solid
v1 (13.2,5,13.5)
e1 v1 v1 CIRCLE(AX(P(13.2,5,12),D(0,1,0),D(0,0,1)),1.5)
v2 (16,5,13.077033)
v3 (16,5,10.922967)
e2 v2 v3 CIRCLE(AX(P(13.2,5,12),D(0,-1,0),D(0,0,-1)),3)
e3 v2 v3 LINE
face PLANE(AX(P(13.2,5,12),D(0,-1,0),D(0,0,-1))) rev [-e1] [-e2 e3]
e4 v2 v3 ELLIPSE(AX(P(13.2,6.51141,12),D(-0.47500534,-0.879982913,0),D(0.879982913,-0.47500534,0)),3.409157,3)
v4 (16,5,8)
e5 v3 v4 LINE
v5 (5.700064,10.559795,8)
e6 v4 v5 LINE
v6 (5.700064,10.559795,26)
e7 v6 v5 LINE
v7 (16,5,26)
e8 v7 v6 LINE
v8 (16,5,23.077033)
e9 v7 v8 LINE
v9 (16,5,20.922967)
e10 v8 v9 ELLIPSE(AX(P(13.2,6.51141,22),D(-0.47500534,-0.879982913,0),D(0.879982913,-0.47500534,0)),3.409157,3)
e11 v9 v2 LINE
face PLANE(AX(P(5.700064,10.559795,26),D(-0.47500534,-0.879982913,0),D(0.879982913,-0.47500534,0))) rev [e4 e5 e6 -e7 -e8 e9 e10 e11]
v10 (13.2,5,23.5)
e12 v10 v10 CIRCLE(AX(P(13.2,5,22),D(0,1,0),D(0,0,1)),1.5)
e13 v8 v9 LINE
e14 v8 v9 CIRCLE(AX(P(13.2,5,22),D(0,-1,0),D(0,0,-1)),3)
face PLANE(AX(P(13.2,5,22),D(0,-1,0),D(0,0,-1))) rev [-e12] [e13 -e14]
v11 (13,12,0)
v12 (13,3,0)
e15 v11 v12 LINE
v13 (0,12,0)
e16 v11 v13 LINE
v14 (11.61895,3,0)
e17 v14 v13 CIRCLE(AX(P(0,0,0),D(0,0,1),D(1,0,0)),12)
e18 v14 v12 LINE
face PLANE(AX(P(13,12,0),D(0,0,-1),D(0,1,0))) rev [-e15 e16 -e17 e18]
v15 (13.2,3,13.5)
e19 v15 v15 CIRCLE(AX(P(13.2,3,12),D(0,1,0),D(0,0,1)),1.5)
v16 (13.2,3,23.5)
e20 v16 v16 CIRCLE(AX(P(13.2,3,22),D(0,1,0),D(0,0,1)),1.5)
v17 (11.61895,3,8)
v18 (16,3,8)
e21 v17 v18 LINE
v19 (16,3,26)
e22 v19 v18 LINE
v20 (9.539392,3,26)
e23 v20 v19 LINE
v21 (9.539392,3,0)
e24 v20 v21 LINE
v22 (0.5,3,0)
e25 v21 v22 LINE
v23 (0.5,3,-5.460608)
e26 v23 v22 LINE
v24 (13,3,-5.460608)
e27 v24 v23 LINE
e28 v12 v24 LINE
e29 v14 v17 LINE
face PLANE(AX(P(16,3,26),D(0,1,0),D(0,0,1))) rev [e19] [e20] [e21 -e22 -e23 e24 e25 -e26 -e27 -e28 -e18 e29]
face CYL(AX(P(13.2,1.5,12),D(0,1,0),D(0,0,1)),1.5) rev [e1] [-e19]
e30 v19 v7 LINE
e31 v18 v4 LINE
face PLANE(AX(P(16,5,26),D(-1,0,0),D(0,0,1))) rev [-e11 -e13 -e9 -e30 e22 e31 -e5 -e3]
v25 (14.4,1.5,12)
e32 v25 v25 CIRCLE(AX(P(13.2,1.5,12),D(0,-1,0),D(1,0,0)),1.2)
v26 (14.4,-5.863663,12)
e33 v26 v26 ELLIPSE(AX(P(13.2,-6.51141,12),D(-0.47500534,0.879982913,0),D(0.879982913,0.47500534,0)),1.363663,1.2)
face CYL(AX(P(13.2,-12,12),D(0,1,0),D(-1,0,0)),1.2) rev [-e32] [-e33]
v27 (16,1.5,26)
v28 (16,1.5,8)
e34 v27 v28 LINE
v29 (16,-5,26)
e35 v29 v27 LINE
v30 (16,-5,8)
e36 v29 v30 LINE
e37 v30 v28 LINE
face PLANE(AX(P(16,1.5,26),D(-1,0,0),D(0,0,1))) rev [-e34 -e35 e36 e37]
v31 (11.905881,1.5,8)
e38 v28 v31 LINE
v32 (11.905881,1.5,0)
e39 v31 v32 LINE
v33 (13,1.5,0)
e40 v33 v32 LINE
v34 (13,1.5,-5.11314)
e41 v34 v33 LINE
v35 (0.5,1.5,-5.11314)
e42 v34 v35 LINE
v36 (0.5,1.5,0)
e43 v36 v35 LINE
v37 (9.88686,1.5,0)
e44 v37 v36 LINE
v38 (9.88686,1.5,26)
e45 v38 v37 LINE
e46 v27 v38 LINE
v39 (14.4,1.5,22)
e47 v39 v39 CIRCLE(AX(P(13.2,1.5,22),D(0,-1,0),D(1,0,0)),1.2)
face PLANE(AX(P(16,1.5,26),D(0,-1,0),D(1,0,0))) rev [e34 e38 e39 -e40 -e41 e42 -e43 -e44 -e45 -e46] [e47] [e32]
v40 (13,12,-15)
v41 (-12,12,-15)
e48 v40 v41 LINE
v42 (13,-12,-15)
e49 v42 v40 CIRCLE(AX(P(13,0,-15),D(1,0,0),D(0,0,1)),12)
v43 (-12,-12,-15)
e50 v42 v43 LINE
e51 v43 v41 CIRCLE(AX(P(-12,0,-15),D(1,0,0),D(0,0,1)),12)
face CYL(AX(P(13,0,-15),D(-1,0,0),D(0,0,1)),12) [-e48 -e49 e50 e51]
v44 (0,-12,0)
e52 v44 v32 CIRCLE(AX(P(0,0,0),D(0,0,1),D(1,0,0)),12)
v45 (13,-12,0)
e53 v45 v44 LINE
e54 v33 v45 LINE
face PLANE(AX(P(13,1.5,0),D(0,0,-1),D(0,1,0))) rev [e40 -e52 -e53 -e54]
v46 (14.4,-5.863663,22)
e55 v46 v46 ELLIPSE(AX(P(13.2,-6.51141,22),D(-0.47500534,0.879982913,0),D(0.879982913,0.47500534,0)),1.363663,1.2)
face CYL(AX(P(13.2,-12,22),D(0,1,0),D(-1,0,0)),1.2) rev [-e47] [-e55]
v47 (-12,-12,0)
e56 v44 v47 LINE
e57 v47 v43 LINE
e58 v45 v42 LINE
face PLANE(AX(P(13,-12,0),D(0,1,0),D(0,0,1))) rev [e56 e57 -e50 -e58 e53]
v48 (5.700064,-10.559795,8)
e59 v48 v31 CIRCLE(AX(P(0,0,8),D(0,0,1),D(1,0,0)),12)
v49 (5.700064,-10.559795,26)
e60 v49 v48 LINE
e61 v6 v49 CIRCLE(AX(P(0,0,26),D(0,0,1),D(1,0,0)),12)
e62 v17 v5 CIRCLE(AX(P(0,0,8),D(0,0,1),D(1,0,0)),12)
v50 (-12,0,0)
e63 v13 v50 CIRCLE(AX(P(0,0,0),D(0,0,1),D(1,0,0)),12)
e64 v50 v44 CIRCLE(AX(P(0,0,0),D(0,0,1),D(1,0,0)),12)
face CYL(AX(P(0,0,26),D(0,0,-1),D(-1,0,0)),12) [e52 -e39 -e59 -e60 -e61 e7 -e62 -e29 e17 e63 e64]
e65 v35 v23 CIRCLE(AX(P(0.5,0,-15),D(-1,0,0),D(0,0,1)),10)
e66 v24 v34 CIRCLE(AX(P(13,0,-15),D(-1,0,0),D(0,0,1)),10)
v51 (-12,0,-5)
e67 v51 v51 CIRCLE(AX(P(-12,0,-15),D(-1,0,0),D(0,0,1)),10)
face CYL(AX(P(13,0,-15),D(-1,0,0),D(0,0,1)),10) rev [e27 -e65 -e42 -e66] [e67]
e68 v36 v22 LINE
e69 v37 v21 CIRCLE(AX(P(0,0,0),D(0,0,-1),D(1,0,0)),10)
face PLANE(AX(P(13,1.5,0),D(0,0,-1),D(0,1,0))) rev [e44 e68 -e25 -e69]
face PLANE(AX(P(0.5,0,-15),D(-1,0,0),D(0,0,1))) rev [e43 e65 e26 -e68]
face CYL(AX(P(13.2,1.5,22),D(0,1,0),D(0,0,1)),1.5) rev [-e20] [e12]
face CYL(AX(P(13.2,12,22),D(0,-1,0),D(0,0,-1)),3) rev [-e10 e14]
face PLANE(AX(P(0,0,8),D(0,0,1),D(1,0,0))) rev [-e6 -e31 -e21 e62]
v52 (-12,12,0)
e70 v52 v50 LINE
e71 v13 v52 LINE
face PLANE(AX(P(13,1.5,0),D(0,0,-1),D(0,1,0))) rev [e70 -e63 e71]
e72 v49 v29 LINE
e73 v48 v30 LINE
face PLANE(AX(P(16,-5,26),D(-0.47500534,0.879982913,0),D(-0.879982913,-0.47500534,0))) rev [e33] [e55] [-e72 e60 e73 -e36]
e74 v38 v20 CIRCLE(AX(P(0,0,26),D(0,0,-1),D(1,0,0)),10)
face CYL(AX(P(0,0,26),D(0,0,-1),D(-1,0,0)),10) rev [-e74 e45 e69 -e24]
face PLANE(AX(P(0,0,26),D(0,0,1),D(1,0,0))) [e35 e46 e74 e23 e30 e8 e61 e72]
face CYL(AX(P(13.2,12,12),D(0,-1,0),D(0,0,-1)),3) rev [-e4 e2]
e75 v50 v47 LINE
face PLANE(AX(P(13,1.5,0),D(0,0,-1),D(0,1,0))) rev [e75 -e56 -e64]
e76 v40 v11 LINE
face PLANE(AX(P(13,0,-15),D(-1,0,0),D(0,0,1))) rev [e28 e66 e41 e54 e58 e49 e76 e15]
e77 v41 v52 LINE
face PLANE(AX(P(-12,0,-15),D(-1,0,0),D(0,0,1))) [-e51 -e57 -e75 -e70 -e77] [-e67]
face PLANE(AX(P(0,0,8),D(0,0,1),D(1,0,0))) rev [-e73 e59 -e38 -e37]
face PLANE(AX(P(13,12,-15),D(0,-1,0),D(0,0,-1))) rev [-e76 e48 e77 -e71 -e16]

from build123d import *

# Parameters (mm, degrees)
BOSS_EXTRU_1_DEPTH           = 26
BOSS_EXTRU_4_DEPTH           = 25
ESQUISSE5_R                  = 17.691806013
ESQUISSE5_R_2                = 12
ENL_V_MAT_EXTRU_2_DEPTH      = 8
ENL_V_START                  = -2
ESQUISSE6_R                  = 3
ENL_V_MAT_EXTRU_3_DEPTH      = 33.785054262
ESQUISSE7_R                  = 1.5
ENL_V_MAT_EXTRU_4_DEPTH      = 2
ENL_V_MAT_EXTRU_5_DEPTH      = 35.165040612
ENL_V_MAT_EXTRU_5_DEPTH_BACK = 35.165040612
ESQUISSE8_R                  = 1.2
ESQUISSE9_R                  = 10
BOSS_EXTRU_5_DEPTH           = 12.5


with BuildPart() as part:
    # Esquisse1 → Boss.-Extru.1 (new body)
    with BuildSketch(Plane.XY):
        with BuildLine():
            Line((5.700064076, 10.559794957), (16, 5))
            Line((16, 5), (16, 3))
            Line((16, 3), (9.539392014, 3))
            ThreePointArc((9.539392014, 3), (-9.742038622, -2.256697475), (9.886859967, 1.5))
            Line((9.886859967, 1.5), (16, 1.5))
            Line((16, 1.5), (16, -5))
            Line((16, -5), (5.700064076, -10.559794957))
            ThreePointArc((5.700064076, -10.559794957), (-12, 0), (5.700064076, 10.559794957))
        make_face()
    extrude(amount=BOSS_EXTRU_1_DEPTH)

    # Esquisse2 → Boss.-Extru.4 (add)
    with BuildSketch(Plane(origin=(-12, 0, 0), x_dir=(0, 0, -1), z_dir=(1, 0, 0))):
        with BuildLine():
            Line((0, -12), (15, -12))
            ThreePointArc((15, -12), (27, 0), (15, 12))
            Line((15, 12), (0, 12))
            Line((0, 12), (0, 3))
            Line((0, 3), (5.460607986, 3))
            ThreePointArc((5.460607986, 3), (24.742038622, -2.256697475), (5.113140033, 1.5))
            Line((5.113140033, 1.5), (0, 1.5))
            Line((0, 1.5), (0, -12))
        make_face()
    extrude(amount=BOSS_EXTRU_4_DEPTH)

    # Esquisse5 → Enlèv. mat.-Extru.2 (cut)
    with BuildSketch(Plane.XY):
        Circle(ESQUISSE5_R)
        Circle(ESQUISSE5_R_2, mode=Mode.SUBTRACT)
    extrude(amount=ENL_V_MAT_EXTRU_2_DEPTH, mode=Mode.SUBTRACT)

    # Esquisse6 → Enlèv. mat.-Extru.3 (cut, through all)
    with BuildSketch(Plane(origin=(0, 3, 0), x_dir=(-1, 0, 0), z_dir=(0, -1, 0)).offset(ENL_V_START)):
        with Locations((-13.2, -12)):
            Circle(ESQUISSE6_R)
        with Locations((-13.2, -22)):
            Circle(ESQUISSE6_R)
    extrude(amount=-ENL_V_MAT_EXTRU_3_DEPTH, mode=Mode.SUBTRACT)

    # Esquisse7 → Enlèv. mat.-Extru.4 (cut)
    with BuildSketch(Plane(origin=(0, 5, 0), x_dir=(1, 0, 0), z_dir=(0, 1, 0))):
        with Locations(Location((13.2, -12, 0), (0, 0, 270))):
            Circle(ESQUISSE7_R)
        with Locations(Location((13.2, -22, 0), (0, 0, 270))):
            Circle(ESQUISSE7_R)
    extrude(amount=-ENL_V_MAT_EXTRU_4_DEPTH, mode=Mode.SUBTRACT)

    # Esquisse8 → Enlèv. mat.-Extru.5 (cut, two sides: drawn at the far end of the back side and taken through both)
    with BuildSketch(Plane(origin=(0, 1.5, 0), x_dir=(1, 0, 0), z_dir=(0, 1, 0)).offset(-ENL_V_MAT_EXTRU_5_DEPTH_BACK)):
        with Locations((13.2, -12)):
            Circle(ESQUISSE8_R)
        with Locations((13.2, -22)):
            Circle(ESQUISSE8_R)
    extrude(amount=ENL_V_MAT_EXTRU_5_DEPTH + ENL_V_MAT_EXTRU_5_DEPTH_BACK, mode=Mode.SUBTRACT)

    # Esquisse9 → Boss.-Extru.5 (add)
    with BuildSketch(Plane.ZY.offset(12)):
        with BuildLine():
            Line((-15, 12), (0, 12))
            Line((0, 12), (0, -12))
            Line((0, -12), (-15, -12))
            ThreePointArc((-15, -12), (-27, 0), (-15, 12))
        make_face()
        with Locations((-15, 0)):
            Circle(ESQUISSE9_R, mode=Mode.SUBTRACT)
    extrude(amount=-BOSS_EXTRU_5_DEPTH)


solid = part.part
